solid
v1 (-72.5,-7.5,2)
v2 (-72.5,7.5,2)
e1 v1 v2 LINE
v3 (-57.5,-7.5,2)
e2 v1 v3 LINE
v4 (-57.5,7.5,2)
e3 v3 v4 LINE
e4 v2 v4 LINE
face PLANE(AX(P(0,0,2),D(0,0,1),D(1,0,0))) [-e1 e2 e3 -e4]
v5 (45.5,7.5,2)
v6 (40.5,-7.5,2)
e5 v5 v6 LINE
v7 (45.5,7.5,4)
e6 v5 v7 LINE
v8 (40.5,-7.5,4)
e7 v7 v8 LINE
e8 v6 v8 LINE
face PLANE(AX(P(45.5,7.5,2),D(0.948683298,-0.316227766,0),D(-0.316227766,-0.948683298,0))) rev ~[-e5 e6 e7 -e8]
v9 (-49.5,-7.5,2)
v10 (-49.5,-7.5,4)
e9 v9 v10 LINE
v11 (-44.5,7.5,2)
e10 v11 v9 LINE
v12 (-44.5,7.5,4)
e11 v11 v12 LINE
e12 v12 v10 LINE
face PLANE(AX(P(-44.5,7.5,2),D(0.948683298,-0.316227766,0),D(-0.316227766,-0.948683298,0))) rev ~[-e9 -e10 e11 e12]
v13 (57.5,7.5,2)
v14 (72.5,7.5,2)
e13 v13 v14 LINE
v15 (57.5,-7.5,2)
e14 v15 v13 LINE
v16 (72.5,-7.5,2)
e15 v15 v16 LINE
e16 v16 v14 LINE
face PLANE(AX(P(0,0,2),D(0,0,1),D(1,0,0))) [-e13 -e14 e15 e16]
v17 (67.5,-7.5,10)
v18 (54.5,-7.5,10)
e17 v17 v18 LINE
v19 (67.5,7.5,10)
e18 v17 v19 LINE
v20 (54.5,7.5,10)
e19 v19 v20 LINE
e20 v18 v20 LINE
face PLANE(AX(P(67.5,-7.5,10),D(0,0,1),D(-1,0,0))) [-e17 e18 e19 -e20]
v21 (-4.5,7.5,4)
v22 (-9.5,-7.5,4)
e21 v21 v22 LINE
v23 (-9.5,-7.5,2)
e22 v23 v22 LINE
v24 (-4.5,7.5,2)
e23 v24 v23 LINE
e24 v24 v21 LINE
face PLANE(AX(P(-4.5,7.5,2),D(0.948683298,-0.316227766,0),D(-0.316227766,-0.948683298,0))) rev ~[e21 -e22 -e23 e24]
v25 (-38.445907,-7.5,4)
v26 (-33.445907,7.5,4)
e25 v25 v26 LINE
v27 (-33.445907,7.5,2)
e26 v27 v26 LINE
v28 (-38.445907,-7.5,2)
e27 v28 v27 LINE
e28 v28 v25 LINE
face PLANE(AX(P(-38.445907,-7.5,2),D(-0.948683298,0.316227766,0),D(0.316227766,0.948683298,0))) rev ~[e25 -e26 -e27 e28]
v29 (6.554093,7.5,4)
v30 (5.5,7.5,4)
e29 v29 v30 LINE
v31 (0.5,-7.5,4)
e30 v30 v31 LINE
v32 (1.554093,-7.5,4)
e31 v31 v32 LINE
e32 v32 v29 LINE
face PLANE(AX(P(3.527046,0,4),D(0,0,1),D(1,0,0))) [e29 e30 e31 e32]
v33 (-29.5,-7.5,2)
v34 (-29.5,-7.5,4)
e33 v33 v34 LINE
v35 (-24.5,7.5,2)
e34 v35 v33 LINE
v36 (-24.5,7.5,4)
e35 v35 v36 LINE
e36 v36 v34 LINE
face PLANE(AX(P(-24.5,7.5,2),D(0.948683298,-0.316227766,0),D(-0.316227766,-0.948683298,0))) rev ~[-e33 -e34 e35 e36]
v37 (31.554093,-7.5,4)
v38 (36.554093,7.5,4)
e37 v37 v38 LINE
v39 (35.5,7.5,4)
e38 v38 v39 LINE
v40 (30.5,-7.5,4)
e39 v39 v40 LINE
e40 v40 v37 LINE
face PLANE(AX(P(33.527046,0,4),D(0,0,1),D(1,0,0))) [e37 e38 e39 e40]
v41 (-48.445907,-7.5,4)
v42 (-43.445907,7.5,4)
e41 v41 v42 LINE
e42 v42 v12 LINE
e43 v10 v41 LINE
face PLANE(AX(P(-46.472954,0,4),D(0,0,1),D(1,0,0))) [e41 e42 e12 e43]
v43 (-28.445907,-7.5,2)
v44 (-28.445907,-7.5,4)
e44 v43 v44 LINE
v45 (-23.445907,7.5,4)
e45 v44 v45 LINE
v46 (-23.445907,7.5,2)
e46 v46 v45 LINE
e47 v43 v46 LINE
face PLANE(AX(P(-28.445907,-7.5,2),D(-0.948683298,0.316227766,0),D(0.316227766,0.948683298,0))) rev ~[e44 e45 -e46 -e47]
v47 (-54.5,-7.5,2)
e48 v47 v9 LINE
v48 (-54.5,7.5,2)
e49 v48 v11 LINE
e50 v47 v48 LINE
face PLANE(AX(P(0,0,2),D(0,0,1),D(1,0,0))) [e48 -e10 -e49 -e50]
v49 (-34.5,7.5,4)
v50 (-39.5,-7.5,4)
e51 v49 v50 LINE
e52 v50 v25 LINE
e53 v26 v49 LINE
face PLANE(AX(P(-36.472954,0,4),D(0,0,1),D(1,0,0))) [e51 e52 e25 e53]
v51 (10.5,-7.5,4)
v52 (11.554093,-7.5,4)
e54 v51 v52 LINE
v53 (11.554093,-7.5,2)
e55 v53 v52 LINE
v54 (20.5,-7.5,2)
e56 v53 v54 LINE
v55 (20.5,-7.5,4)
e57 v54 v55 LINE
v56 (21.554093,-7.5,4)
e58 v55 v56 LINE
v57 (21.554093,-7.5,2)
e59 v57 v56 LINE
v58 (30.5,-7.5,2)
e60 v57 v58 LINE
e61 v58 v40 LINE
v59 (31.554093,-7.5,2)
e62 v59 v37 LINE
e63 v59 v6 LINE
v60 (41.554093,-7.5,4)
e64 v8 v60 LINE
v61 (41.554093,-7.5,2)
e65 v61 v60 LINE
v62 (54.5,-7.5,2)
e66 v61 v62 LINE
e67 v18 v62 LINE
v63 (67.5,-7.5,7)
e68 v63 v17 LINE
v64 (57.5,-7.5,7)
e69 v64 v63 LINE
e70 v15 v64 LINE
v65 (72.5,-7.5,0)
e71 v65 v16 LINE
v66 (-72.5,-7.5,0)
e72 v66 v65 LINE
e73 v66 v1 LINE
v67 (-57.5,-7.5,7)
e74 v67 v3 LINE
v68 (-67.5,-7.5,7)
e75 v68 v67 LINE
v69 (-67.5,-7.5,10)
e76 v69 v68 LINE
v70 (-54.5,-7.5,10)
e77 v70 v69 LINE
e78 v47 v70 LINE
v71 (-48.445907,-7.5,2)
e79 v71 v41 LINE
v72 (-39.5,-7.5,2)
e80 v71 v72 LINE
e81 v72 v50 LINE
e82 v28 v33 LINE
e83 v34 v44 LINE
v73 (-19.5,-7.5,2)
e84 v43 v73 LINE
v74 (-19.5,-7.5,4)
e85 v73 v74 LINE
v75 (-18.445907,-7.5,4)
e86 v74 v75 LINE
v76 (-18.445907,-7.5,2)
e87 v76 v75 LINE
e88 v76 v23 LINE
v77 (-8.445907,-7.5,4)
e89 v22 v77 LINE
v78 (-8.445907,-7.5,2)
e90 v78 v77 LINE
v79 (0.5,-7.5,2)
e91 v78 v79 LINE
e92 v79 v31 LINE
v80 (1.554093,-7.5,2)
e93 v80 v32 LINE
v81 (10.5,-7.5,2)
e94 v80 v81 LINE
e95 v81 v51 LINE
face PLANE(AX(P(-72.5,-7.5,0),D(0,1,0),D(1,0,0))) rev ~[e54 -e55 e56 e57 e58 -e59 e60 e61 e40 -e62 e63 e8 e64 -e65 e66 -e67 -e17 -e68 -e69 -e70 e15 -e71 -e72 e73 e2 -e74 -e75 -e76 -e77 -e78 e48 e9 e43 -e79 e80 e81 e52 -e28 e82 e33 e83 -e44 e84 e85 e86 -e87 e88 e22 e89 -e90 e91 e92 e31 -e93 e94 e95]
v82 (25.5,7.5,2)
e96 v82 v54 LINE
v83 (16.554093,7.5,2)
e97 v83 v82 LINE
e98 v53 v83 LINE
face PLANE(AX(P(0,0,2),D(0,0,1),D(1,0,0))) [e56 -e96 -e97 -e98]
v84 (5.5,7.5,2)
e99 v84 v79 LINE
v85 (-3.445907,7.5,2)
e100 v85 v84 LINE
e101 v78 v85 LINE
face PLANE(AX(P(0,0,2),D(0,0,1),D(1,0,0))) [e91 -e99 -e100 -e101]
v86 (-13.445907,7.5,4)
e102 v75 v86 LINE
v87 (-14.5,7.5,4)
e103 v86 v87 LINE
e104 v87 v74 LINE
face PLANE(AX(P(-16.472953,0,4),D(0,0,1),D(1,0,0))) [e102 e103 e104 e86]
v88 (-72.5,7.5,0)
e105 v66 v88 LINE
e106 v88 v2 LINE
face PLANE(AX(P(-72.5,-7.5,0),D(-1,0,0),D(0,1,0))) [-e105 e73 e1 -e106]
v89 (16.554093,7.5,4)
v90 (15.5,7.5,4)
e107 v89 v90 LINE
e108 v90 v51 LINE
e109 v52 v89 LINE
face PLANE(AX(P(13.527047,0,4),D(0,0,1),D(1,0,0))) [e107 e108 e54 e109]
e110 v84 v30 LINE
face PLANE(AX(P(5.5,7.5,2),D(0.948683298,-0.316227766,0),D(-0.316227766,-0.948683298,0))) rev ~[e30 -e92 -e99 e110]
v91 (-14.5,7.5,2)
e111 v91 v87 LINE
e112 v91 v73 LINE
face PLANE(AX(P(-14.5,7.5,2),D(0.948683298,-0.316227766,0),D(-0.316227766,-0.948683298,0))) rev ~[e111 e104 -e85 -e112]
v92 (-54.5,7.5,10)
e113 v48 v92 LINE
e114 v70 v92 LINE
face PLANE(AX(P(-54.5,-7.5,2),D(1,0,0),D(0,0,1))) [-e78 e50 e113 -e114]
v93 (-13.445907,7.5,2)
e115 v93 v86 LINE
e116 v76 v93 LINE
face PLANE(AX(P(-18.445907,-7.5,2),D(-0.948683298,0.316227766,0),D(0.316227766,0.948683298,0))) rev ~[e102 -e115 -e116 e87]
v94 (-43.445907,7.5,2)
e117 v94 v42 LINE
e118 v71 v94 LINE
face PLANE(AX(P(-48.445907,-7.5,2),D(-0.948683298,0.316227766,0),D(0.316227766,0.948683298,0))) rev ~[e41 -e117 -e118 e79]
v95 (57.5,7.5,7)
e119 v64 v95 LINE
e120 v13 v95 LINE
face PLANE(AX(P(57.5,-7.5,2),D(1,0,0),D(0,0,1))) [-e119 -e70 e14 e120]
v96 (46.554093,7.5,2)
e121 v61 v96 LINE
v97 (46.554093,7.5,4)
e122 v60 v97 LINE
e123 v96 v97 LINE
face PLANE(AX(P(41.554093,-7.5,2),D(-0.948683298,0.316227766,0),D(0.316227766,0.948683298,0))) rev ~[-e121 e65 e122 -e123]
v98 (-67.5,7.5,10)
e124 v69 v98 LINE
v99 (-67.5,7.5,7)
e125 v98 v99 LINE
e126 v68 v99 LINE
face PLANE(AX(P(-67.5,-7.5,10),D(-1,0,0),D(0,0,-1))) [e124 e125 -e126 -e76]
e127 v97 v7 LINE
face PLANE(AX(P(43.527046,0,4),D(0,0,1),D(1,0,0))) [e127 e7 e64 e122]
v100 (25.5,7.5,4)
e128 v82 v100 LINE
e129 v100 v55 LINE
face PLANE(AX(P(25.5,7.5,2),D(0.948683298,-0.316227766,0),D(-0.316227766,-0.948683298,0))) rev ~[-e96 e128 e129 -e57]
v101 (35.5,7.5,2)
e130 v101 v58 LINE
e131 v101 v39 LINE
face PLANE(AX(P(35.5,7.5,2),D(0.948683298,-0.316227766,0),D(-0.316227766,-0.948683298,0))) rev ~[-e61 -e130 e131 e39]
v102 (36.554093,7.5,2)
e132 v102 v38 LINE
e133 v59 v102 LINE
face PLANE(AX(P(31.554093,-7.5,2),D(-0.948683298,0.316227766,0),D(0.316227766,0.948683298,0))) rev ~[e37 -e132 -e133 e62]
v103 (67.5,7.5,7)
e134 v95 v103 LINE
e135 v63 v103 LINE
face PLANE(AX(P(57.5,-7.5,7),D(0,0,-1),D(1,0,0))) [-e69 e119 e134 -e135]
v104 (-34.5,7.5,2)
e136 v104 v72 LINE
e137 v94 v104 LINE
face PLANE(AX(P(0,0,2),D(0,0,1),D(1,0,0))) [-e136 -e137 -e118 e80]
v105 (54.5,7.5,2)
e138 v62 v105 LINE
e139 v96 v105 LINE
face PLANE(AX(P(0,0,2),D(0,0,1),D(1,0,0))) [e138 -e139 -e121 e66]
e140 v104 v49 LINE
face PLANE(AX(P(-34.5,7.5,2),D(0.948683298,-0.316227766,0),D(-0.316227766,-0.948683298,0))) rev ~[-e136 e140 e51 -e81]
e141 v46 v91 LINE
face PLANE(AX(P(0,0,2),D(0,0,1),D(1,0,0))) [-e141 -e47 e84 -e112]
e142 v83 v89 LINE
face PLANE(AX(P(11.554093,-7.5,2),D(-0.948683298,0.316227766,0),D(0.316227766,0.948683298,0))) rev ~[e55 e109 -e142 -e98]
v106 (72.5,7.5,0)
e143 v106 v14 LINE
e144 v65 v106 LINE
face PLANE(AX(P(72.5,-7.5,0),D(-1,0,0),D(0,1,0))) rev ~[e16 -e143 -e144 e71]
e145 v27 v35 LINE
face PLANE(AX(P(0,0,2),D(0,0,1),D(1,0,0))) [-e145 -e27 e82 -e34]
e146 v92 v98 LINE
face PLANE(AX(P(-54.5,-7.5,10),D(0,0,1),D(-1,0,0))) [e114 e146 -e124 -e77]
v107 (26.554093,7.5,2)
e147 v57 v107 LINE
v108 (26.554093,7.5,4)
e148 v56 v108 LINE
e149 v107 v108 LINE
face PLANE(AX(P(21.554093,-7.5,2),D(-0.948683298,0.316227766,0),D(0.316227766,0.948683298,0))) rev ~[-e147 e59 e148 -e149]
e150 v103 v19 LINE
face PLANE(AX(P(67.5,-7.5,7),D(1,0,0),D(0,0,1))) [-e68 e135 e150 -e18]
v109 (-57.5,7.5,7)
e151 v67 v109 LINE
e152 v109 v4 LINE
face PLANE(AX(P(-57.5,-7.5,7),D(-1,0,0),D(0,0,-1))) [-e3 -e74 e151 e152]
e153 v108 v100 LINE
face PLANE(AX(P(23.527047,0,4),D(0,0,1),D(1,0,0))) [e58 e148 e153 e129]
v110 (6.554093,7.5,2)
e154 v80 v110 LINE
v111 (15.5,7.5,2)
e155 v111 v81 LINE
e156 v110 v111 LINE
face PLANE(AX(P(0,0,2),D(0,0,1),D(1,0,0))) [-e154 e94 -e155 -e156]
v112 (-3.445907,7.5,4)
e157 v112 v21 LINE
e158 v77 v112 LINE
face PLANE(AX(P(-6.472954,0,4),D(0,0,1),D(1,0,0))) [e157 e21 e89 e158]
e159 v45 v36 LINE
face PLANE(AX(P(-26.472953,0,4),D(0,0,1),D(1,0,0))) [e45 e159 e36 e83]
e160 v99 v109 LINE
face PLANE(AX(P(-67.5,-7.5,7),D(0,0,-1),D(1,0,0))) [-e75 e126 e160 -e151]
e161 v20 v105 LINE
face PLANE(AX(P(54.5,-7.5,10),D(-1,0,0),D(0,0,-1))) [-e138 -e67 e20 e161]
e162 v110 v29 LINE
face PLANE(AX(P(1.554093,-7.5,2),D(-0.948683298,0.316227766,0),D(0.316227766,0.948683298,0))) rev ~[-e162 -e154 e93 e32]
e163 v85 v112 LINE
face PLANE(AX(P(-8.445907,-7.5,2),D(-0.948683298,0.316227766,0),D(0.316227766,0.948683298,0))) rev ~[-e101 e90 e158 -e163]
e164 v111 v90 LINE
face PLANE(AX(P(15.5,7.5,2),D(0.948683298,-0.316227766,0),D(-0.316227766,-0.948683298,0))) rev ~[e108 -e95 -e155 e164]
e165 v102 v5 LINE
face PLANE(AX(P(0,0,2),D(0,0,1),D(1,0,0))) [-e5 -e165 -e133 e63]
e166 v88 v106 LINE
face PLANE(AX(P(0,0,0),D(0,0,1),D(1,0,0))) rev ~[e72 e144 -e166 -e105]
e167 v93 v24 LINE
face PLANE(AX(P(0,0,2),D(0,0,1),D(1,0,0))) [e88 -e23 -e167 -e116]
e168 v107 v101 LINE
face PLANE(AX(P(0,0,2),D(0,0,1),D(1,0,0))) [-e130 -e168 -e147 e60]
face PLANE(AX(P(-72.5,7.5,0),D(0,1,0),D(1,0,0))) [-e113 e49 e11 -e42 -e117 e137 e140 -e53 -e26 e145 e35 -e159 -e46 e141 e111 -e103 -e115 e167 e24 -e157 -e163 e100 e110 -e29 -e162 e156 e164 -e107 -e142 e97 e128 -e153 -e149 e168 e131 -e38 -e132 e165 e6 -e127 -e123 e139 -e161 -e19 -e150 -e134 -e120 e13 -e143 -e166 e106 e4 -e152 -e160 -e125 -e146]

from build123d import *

# Parameters (mm, degrees)
F0_W     = 145
F0_H     = 15
F1_DEPTH = 2
F3_DEPTH = 15
F5_DEPTH = 2


with BuildPart() as f1:
    # F0 (on Top) → F1 (new body)
    with BuildSketch(Plane.XY):
        Rectangle(F0_W, F0_H)
    extrude(amount=F1_DEPTH)

    # F2 (on face) → F3 (join, through all)
    with BuildSketch(Plane.XZ.offset(7.5)):
        Polygon((-57.5, 7), (-57.5, 2), (-54.5, 2), (-54.5, 10), (-67.5, 10), (-67.5, 7), align=None)
        Polygon((57.5, 7), (67.5, 7), (67.5, 10), (54.5, 10), (54.5, 2), (57.5, 2), align=None)
    extrude(amount=-F3_DEPTH)

    # F4 (on face) → F5 (join)
    with BuildSketch(Plane.XY.offset(2)):
        Polygon((-44.5, 7.5), (-49.5, -7.5), (-48.445907, -7.5), (-43.445907, 7.5), align=None)
        Polygon((-34.5, 7.5), (-39.5, -7.5), (-38.445907, -7.5), (-33.445907, 7.5), align=None)
        Polygon((-24.5, 7.5), (-29.5, -7.5), (-28.445907, -7.5), (-23.445907, 7.5), align=None)
        Polygon((-14.5, 7.5), (-19.5, -7.5), (-18.445907, -7.5), (-13.445907, 7.5), align=None)
        Polygon((-4.5, 7.5), (-9.5, -7.5), (-8.445907, -7.5), (-3.445907, 7.5), align=None)
        Polygon((5.5, 7.5), (0.5, -7.5), (1.554093, -7.5), (6.554093, 7.5), align=None)
        Polygon((15.5, 7.5), (10.5, -7.5), (11.554093, -7.5), (16.554093, 7.5), align=None)
        Polygon((25.5, 7.5), (20.5, -7.5), (21.554093, -7.5), (26.554093, 7.5), align=None)
        Polygon((35.5, 7.5), (30.5, -7.5), (31.554093, -7.5), (36.554093, 7.5), align=None)
        Polygon((45.5, 7.5), (40.5, -7.5), (41.554093, -7.5), (46.554093, 7.5), align=None)
    extrude(amount=F5_DEPTH)


solid = f1.part
